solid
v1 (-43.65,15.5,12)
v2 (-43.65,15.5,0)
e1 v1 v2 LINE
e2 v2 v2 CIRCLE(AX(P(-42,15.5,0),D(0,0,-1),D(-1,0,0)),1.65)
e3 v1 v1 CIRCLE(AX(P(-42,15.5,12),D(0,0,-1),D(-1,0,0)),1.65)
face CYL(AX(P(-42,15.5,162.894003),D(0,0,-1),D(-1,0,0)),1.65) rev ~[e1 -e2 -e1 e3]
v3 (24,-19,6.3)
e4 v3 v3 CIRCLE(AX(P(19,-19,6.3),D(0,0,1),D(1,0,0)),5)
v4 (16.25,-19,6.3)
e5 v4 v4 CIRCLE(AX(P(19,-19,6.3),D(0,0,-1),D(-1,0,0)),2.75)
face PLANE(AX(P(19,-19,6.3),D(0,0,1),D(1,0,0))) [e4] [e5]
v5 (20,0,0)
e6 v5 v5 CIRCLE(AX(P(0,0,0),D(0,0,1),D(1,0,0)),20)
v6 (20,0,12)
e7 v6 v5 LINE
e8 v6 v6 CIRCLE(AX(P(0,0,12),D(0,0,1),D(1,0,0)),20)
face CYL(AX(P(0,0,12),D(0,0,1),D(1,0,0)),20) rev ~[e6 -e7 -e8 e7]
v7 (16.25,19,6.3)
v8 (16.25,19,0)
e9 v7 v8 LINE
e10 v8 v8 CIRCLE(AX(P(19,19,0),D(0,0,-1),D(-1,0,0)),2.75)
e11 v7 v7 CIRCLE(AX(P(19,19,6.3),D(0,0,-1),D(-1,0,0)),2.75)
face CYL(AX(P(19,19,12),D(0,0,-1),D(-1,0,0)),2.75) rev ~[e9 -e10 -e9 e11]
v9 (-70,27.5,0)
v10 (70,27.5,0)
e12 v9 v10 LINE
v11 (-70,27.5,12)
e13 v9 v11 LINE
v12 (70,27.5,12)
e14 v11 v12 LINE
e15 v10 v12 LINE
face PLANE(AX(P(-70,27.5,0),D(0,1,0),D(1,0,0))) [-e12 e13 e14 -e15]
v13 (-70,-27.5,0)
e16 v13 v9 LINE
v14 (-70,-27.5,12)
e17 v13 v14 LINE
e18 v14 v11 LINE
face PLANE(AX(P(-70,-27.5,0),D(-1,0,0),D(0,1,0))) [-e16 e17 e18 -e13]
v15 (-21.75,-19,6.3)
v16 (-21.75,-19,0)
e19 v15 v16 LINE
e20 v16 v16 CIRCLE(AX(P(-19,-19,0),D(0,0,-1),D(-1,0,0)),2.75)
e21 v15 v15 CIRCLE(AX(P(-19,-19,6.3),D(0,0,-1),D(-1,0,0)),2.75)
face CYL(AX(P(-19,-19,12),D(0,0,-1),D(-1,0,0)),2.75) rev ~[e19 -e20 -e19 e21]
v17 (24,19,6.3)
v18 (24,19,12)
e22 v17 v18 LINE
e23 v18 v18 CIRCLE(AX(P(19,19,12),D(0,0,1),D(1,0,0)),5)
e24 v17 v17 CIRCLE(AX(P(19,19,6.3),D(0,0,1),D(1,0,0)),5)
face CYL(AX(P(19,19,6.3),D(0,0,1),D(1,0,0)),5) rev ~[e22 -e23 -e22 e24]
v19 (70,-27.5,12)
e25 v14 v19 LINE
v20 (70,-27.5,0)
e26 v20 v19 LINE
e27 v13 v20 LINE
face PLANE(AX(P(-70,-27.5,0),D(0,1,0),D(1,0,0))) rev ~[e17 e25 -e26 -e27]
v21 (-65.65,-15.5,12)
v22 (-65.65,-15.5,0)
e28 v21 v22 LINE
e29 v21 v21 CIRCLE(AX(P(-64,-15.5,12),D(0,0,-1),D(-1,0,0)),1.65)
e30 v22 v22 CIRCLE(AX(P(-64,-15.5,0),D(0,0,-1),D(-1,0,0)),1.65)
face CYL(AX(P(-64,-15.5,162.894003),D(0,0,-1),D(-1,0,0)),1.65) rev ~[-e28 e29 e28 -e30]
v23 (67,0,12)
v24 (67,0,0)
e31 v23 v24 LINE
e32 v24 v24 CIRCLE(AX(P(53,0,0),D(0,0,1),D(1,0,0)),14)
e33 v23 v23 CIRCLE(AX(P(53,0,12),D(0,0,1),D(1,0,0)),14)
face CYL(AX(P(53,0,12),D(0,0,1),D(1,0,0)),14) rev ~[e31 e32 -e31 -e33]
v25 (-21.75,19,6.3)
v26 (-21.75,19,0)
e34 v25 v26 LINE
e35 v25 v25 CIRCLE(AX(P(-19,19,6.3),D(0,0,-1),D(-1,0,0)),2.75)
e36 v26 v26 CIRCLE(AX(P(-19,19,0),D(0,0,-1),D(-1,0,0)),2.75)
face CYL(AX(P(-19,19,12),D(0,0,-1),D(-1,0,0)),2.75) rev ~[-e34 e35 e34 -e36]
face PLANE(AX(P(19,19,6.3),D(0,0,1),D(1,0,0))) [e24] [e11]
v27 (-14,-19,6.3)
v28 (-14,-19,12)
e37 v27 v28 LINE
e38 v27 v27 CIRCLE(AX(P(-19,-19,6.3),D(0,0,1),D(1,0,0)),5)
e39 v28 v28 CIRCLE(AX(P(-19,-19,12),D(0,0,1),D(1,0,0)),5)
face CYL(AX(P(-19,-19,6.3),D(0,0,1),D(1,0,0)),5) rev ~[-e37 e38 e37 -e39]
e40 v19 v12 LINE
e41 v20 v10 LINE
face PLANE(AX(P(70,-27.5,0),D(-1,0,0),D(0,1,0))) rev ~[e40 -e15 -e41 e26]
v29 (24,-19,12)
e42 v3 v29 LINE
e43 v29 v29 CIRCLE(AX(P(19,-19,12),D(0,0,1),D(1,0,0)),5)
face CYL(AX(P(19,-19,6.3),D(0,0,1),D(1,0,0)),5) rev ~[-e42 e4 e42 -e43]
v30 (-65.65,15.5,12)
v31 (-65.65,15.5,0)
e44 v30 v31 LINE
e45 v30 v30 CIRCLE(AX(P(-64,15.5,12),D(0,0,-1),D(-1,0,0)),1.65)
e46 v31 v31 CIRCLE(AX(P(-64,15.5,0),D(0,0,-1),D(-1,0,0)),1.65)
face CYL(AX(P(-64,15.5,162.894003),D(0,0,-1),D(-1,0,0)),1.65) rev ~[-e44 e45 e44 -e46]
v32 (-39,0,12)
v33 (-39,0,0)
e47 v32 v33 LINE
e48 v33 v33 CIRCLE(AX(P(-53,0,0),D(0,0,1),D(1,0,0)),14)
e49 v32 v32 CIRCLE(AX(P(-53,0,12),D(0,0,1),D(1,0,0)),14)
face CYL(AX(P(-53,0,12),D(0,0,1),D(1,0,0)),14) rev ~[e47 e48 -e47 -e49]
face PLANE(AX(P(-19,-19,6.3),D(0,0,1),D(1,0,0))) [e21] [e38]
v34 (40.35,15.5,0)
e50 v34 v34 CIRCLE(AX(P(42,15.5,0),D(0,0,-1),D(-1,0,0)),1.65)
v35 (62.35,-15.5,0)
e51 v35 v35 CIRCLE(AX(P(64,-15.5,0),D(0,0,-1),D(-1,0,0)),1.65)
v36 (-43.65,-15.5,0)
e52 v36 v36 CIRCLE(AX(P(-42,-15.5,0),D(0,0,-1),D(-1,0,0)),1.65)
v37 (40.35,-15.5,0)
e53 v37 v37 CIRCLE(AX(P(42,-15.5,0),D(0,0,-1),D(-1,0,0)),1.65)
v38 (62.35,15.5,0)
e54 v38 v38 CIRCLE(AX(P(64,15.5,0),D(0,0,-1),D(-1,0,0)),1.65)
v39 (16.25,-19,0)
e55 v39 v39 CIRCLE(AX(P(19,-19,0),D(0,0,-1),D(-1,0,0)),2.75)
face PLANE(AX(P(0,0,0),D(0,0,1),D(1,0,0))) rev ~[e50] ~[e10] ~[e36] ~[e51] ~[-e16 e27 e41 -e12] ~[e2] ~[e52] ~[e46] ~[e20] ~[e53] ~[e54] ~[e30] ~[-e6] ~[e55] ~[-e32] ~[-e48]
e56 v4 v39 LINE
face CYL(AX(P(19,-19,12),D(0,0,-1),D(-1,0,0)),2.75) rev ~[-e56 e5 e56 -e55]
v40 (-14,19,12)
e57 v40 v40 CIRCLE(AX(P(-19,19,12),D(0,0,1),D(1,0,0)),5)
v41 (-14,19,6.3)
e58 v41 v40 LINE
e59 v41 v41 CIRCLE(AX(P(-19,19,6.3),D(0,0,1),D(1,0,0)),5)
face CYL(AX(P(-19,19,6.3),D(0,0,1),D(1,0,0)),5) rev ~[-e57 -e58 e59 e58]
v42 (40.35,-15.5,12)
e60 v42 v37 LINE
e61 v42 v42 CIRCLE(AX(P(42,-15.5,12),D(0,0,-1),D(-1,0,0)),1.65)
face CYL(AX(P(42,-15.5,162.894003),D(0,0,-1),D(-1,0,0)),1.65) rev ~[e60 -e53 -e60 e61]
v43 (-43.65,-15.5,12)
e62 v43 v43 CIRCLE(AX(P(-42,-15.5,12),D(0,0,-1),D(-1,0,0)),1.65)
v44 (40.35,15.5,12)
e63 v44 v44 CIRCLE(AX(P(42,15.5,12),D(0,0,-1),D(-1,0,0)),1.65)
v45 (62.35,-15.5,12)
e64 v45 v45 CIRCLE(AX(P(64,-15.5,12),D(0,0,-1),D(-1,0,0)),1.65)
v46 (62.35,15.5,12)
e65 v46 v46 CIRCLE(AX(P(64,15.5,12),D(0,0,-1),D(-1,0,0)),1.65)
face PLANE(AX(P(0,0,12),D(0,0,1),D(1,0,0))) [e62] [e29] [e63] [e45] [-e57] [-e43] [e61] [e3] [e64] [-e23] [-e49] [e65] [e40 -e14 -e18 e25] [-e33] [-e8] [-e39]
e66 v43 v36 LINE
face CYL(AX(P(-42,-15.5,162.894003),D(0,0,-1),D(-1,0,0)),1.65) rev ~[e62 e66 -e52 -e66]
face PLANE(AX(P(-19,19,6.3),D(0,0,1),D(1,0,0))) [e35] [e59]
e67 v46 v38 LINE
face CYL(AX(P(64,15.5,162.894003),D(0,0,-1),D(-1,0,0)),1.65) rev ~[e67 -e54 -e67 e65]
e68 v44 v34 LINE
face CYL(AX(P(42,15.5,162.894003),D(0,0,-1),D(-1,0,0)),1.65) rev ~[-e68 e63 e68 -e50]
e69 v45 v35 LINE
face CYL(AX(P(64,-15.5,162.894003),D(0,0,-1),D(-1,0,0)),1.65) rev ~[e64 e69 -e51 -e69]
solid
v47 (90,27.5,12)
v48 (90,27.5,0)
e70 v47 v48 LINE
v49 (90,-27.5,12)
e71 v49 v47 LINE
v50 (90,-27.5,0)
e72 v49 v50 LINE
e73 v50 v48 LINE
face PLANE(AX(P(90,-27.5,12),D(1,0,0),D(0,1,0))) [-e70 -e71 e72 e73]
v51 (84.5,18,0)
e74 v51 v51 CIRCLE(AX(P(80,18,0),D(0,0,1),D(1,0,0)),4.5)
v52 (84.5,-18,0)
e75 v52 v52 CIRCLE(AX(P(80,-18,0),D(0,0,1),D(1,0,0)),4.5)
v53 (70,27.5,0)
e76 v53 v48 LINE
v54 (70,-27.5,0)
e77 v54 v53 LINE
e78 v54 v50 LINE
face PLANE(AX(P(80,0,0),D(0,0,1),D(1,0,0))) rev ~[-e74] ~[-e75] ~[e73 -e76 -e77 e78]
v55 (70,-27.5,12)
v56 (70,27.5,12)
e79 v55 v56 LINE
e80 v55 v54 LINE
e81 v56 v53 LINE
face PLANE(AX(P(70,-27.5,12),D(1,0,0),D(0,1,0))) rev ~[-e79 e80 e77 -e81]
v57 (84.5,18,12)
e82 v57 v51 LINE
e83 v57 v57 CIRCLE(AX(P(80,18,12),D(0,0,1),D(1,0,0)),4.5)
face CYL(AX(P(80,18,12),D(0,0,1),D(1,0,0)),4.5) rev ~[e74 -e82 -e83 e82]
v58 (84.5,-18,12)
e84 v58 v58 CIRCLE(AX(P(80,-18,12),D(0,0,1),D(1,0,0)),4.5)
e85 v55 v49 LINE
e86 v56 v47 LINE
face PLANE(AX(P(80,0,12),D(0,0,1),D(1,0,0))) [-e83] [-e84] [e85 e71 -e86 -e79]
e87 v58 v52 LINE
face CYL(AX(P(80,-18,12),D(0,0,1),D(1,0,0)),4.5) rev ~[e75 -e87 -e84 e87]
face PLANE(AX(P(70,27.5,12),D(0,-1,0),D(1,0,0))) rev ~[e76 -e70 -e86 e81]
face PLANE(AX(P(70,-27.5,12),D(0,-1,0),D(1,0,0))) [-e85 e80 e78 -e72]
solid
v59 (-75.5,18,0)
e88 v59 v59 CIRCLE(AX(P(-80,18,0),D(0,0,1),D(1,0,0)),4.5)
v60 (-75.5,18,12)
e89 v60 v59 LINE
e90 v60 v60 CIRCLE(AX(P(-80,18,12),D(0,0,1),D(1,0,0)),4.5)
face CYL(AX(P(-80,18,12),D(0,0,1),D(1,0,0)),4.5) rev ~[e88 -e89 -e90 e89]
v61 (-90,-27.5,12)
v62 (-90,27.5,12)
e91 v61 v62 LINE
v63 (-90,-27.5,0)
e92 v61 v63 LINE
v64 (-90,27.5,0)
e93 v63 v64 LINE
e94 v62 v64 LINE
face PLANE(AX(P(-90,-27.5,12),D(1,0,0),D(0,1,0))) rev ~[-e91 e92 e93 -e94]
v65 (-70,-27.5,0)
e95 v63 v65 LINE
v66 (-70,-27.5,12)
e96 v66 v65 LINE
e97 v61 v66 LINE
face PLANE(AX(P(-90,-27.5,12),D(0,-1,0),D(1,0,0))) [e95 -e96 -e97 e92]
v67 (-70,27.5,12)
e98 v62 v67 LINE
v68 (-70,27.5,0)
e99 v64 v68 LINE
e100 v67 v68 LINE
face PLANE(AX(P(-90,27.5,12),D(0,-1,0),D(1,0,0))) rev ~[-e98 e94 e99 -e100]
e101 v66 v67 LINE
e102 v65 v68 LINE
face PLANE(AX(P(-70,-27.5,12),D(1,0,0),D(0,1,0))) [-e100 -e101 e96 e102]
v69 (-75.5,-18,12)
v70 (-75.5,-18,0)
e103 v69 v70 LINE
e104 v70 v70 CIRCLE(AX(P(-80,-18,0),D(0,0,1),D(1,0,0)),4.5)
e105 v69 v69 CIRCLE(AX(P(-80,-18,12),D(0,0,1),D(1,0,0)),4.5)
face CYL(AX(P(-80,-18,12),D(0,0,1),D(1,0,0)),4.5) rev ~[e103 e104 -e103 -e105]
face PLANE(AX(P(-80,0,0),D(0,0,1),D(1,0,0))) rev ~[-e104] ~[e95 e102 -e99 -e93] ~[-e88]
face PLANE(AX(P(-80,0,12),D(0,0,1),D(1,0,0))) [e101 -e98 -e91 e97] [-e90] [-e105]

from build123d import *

# Parameters (mm, degrees)
SKETCH_1_W                = 140
SKETCH_1_H                = 55
EXTRUDE_1_DEPTH           = 12
SKETCH_2_R                = 20
SKETCH_2_R_2              = 14
CUT_EXTRUDE_1_DEPTH       = 77.159372371
HOLE_WIZARD_M4_1_D        = 3.3
HOLE_WIZARD_1_D           = 5.5
HOLE_WIZARD_1_CBORE_D     = 10
HOLE_WIZARD_1_CBORE_DEPTH = 5.7
SKETCH_10_W               = 20
SKETCH_10_H               = 55
SKETCH_10_R               = 4.5
EXTRUDE_2_DEPTH           = 12
EXTRUDE_2_2_DEPTH         = 12


with BuildPart() as part:
    # 草图1 → 凸台-拉伸1 (new body)
    with BuildSketch(Plane.XY):
        Rectangle(SKETCH_1_W, SKETCH_1_H)
    extrude(amount=EXTRUDE_1_DEPTH)

    # 草图2 → 切除-拉伸1 (cut, through all)
    with BuildSketch(Plane.XY.offset(12)):
        Circle(SKETCH_2_R)
        with Locations((-53, 0)):
            Circle(SKETCH_2_R_2)
        with Locations((53, 0)):
            Circle(SKETCH_2_R_2)
    extrude(amount=-CUT_EXTRUDE_1_DEPTH, mode=Mode.SUBTRACT)

    # M4 螺纹孔1 (through all)
    with Locations(Plane.XY.offset(12)):
        with Locations((-64, 15.5), (-42, 15.5), (-42, -15.5), (-64, -15.5), (42, -15.5), (64, -15.5), (64, 15.5), (42, 15.5)):
            Hole(HOLE_WIZARD_M4_1_D / 2)

    # 打孔尺寸(%根据)内六角圆柱头螺钉的类型1 (through all)
    with Locations(Plane.XY.offset(12)):
        with Locations((-19, 19), (19, 19), (19, -19), (-19, -19)):
            CounterBoreHole(HOLE_WIZARD_1_D / 2, HOLE_WIZARD_1_CBORE_D / 2, HOLE_WIZARD_1_CBORE_DEPTH)


with BuildPart() as body_2:
    # 草图10 → 凸台-拉伸2 (new body)
    with BuildSketch(Plane.XY.offset(12)):
        with Locations((80, 0)):
            Rectangle(SKETCH_10_W, SKETCH_10_H)
        with Locations((80, -18)):
            Circle(SKETCH_10_R, mode=Mode.SUBTRACT)
        with Locations((80, 18)):
            Circle(SKETCH_10_R, mode=Mode.SUBTRACT)
    extrude(amount=-EXTRUDE_2_DEPTH)


with BuildPart() as body_3:
    # 草图10 → Extrude 2 2 (new body)
    with BuildSketch(Plane.XY.offset(12)):
        with Locations((-80, 0)):
            Rectangle(SKETCH_10_W, SKETCH_10_H)
        with Locations((-80, 18)):
            Circle(SKETCH_10_R, mode=Mode.SUBTRACT)
        with Locations((-80, -18)):
            Circle(SKETCH_10_R, mode=Mode.SUBTRACT)
    extrude(amount=-EXTRUDE_2_2_DEPTH)


solid = Compound([part.part, body_2.part, body_3.part])
